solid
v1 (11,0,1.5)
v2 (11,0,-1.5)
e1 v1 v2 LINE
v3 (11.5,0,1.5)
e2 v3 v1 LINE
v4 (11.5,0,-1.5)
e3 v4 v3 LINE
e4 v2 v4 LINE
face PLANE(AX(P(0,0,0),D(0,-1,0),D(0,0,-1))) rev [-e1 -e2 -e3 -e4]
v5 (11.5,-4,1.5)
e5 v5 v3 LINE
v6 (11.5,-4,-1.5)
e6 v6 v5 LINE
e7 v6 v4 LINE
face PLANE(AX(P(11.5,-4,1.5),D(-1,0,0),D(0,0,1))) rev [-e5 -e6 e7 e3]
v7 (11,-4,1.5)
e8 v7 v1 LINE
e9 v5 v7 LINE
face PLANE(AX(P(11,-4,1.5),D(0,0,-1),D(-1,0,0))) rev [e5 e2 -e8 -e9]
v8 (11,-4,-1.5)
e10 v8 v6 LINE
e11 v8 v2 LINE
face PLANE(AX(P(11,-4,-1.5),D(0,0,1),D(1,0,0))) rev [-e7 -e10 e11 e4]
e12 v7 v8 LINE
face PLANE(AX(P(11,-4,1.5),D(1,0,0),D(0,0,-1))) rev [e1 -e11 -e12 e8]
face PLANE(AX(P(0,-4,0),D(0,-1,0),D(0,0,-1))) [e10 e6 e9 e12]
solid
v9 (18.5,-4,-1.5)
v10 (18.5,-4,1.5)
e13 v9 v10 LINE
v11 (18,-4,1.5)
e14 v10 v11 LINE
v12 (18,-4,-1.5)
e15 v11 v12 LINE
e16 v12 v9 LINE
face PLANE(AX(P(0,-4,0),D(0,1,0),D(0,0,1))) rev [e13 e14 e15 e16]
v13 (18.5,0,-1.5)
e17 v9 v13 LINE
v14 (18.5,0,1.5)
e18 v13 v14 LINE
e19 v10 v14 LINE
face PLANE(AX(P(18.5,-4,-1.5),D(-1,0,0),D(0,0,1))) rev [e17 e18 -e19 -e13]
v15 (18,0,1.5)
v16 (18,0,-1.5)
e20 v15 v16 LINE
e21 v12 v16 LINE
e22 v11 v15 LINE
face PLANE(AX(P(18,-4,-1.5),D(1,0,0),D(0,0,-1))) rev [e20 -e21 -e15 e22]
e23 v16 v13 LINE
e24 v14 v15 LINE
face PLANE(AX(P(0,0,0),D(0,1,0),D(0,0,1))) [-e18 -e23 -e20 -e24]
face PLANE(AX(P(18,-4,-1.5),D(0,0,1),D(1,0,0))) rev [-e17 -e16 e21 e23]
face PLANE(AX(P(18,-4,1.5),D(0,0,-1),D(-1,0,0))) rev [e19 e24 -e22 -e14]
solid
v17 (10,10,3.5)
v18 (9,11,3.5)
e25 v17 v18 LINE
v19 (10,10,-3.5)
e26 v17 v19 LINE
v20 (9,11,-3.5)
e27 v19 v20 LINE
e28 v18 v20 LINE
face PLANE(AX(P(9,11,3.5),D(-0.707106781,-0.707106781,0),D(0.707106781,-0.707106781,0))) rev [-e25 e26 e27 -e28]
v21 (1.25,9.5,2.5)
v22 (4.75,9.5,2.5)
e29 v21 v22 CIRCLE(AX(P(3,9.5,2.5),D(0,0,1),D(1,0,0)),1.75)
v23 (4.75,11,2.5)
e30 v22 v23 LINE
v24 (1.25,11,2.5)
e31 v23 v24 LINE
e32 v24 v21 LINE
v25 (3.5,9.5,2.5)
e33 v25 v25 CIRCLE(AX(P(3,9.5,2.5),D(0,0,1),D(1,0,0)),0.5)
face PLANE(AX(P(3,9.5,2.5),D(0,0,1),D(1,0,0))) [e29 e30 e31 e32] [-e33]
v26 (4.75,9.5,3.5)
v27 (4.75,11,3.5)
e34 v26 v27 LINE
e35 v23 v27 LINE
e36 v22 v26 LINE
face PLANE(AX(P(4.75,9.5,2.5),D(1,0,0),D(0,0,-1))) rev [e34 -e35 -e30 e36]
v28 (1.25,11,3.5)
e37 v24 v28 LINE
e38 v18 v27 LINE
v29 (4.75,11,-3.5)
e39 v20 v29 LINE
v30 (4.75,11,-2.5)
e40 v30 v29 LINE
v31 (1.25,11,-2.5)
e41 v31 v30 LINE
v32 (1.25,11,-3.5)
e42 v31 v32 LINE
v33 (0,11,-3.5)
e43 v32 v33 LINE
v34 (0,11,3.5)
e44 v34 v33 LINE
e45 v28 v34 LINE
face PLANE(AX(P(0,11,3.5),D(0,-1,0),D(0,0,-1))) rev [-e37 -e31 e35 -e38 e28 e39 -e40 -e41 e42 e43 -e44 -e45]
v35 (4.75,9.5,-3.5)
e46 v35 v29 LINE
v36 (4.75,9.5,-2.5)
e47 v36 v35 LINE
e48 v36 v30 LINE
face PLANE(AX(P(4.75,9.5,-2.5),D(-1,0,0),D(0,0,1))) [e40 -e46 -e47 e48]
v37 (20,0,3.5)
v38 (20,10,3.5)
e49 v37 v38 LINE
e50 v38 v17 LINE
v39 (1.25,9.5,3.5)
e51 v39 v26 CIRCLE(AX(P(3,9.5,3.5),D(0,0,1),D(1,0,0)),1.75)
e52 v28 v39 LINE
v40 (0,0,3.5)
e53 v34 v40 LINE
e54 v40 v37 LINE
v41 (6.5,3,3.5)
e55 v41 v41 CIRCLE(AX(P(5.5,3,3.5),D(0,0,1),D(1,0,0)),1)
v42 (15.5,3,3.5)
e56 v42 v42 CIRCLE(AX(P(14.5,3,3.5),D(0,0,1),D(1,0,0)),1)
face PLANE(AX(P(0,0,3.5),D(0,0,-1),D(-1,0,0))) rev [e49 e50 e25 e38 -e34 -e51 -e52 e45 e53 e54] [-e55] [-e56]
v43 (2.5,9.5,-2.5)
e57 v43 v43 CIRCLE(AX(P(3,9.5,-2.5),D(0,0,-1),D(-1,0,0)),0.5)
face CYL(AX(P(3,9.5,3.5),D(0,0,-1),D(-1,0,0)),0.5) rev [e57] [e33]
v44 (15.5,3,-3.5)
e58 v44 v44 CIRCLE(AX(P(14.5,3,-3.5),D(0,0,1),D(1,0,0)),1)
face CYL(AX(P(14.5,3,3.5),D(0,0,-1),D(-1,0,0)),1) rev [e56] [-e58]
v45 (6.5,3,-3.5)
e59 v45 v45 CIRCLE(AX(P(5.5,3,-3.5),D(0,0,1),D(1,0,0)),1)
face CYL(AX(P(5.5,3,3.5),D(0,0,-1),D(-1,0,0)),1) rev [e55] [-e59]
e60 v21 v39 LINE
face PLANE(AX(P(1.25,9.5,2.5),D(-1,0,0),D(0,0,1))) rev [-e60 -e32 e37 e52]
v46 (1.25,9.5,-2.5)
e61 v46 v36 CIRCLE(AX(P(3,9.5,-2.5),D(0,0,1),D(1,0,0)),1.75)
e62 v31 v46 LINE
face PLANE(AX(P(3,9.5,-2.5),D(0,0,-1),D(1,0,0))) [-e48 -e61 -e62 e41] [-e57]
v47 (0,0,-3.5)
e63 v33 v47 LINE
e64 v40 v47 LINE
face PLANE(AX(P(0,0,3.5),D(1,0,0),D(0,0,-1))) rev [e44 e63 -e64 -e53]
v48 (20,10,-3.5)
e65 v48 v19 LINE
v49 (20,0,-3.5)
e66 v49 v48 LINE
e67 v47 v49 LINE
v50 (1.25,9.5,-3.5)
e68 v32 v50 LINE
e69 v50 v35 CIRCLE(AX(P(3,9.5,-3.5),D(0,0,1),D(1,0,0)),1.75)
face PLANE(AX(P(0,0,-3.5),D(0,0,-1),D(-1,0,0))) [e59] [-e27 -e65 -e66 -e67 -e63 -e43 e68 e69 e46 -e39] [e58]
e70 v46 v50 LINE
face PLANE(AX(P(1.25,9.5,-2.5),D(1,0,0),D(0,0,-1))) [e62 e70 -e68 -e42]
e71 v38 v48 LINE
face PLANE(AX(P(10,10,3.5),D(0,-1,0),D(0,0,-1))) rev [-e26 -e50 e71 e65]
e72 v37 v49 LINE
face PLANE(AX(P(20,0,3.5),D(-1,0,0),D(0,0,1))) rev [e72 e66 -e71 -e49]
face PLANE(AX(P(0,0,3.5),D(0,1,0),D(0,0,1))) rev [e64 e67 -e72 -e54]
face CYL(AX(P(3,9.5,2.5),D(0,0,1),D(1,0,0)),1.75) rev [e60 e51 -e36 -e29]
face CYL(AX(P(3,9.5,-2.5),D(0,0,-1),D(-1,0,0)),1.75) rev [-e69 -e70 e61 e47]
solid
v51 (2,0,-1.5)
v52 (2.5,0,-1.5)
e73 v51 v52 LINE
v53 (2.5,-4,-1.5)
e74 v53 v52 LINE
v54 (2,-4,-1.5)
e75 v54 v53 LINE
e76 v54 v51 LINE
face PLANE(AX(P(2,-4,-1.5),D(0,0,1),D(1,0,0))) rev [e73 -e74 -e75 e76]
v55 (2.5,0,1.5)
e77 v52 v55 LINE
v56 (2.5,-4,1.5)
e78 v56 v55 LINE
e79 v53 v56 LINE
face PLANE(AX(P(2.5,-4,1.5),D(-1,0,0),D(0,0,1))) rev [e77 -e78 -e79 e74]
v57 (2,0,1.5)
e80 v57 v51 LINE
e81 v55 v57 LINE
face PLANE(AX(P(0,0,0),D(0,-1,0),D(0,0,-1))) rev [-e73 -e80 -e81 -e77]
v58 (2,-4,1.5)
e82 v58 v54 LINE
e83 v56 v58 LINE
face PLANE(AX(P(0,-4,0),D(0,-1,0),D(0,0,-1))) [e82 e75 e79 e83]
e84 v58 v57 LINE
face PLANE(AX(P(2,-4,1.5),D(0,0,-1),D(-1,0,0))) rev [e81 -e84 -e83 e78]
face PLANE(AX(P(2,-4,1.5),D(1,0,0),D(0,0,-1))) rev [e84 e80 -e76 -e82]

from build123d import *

# Parameters (mm, degrees)
ESQUISSE1_R             = 0.5
ESQUISSE1_R_2           = 1
BOSS_EXTRU_1_DEPTH      = 3.5
ESQUISSE2_W             = 0.5
ESQUISSE2_H             = 3
BOSS_EXTRU_2_DEPTH      = 4
BOSS_EXTRU_2_2_DEPTH    = 4
BOSS_EXTRU_2_3_DEPTH    = 4
ENL_V_MAT_EXTRU_1_DEPTH = 1


with BuildPart() as part:
    # Esquisse1 → Boss.-Extru.1 (new, symmetric)
    with BuildSketch(Plane.XY):
        Polygon((0, 0), (20, 0), (20, 10), (10, 10), (9, 11), (0, 11), align=None)
        with Locations((3, 9.5)):
            Circle(ESQUISSE1_R, mode=Mode.SUBTRACT)
        with Locations((5.5, 3)):
            Circle(ESQUISSE1_R_2, mode=Mode.SUBTRACT)
        with Locations((14.5, 3)):
            Circle(ESQUISSE1_R_2, mode=Mode.SUBTRACT)
    extrude(amount=BOSS_EXTRU_1_DEPTH, both=True)

    # Esquisse3 → Enlèv. mat.-Extru.1 (cut)
    with BuildSketch(Plane.XY.offset(3.5)):
        with BuildLine():
            Line((1.25, 9.5), (1.25, 11))
            ThreePointArc((1.25, 11), (3, 12.75), (4.75, 11))
            Line((4.75, 11), (4.75, 9.5))
            ThreePointArc((4.75, 9.5), (3, 7.75), (1.25, 9.5))
        make_face()
    enl_v_mat_extru_1 = extrude(amount=-ENL_V_MAT_EXTRU_1_DEPTH, mode=Mode.SUBTRACT)

    # Symétrie1: Enlèv. mat.-Extru.1 across plane
    add(enl_v_mat_extru_1.mirror(Plane.XY), mode=Mode.SUBTRACT)


with BuildPart() as body_2:
    # Esquisse2 → Boss.-Extru.2 (new body)
    with BuildSketch(Plane.XZ):
        with Locations((2.25, 0)):
            Rectangle(ESQUISSE2_W, ESQUISSE2_H)
    extrude(amount=BOSS_EXTRU_2_DEPTH)


with BuildPart() as body_3:
    # Esquisse2 → Boss.-Extru.2 2 (new body)
    with BuildSketch(Plane.XZ):
        with Locations((11.25, 0)):
            Rectangle(ESQUISSE2_W, ESQUISSE2_H)
    extrude(amount=BOSS_EXTRU_2_2_DEPTH)


with BuildPart() as body_4:
    # Esquisse2 → Boss.-Extru.2 3 (new body)
    with BuildSketch(Plane.XZ):
        with Locations((18.25, 0)):
            Rectangle(ESQUISSE2_W, ESQUISSE2_H)
    extrude(amount=BOSS_EXTRU_2_3_DEPTH)


solid = Compound([part.part, body_2.part, body_3.part, body_4.part])
